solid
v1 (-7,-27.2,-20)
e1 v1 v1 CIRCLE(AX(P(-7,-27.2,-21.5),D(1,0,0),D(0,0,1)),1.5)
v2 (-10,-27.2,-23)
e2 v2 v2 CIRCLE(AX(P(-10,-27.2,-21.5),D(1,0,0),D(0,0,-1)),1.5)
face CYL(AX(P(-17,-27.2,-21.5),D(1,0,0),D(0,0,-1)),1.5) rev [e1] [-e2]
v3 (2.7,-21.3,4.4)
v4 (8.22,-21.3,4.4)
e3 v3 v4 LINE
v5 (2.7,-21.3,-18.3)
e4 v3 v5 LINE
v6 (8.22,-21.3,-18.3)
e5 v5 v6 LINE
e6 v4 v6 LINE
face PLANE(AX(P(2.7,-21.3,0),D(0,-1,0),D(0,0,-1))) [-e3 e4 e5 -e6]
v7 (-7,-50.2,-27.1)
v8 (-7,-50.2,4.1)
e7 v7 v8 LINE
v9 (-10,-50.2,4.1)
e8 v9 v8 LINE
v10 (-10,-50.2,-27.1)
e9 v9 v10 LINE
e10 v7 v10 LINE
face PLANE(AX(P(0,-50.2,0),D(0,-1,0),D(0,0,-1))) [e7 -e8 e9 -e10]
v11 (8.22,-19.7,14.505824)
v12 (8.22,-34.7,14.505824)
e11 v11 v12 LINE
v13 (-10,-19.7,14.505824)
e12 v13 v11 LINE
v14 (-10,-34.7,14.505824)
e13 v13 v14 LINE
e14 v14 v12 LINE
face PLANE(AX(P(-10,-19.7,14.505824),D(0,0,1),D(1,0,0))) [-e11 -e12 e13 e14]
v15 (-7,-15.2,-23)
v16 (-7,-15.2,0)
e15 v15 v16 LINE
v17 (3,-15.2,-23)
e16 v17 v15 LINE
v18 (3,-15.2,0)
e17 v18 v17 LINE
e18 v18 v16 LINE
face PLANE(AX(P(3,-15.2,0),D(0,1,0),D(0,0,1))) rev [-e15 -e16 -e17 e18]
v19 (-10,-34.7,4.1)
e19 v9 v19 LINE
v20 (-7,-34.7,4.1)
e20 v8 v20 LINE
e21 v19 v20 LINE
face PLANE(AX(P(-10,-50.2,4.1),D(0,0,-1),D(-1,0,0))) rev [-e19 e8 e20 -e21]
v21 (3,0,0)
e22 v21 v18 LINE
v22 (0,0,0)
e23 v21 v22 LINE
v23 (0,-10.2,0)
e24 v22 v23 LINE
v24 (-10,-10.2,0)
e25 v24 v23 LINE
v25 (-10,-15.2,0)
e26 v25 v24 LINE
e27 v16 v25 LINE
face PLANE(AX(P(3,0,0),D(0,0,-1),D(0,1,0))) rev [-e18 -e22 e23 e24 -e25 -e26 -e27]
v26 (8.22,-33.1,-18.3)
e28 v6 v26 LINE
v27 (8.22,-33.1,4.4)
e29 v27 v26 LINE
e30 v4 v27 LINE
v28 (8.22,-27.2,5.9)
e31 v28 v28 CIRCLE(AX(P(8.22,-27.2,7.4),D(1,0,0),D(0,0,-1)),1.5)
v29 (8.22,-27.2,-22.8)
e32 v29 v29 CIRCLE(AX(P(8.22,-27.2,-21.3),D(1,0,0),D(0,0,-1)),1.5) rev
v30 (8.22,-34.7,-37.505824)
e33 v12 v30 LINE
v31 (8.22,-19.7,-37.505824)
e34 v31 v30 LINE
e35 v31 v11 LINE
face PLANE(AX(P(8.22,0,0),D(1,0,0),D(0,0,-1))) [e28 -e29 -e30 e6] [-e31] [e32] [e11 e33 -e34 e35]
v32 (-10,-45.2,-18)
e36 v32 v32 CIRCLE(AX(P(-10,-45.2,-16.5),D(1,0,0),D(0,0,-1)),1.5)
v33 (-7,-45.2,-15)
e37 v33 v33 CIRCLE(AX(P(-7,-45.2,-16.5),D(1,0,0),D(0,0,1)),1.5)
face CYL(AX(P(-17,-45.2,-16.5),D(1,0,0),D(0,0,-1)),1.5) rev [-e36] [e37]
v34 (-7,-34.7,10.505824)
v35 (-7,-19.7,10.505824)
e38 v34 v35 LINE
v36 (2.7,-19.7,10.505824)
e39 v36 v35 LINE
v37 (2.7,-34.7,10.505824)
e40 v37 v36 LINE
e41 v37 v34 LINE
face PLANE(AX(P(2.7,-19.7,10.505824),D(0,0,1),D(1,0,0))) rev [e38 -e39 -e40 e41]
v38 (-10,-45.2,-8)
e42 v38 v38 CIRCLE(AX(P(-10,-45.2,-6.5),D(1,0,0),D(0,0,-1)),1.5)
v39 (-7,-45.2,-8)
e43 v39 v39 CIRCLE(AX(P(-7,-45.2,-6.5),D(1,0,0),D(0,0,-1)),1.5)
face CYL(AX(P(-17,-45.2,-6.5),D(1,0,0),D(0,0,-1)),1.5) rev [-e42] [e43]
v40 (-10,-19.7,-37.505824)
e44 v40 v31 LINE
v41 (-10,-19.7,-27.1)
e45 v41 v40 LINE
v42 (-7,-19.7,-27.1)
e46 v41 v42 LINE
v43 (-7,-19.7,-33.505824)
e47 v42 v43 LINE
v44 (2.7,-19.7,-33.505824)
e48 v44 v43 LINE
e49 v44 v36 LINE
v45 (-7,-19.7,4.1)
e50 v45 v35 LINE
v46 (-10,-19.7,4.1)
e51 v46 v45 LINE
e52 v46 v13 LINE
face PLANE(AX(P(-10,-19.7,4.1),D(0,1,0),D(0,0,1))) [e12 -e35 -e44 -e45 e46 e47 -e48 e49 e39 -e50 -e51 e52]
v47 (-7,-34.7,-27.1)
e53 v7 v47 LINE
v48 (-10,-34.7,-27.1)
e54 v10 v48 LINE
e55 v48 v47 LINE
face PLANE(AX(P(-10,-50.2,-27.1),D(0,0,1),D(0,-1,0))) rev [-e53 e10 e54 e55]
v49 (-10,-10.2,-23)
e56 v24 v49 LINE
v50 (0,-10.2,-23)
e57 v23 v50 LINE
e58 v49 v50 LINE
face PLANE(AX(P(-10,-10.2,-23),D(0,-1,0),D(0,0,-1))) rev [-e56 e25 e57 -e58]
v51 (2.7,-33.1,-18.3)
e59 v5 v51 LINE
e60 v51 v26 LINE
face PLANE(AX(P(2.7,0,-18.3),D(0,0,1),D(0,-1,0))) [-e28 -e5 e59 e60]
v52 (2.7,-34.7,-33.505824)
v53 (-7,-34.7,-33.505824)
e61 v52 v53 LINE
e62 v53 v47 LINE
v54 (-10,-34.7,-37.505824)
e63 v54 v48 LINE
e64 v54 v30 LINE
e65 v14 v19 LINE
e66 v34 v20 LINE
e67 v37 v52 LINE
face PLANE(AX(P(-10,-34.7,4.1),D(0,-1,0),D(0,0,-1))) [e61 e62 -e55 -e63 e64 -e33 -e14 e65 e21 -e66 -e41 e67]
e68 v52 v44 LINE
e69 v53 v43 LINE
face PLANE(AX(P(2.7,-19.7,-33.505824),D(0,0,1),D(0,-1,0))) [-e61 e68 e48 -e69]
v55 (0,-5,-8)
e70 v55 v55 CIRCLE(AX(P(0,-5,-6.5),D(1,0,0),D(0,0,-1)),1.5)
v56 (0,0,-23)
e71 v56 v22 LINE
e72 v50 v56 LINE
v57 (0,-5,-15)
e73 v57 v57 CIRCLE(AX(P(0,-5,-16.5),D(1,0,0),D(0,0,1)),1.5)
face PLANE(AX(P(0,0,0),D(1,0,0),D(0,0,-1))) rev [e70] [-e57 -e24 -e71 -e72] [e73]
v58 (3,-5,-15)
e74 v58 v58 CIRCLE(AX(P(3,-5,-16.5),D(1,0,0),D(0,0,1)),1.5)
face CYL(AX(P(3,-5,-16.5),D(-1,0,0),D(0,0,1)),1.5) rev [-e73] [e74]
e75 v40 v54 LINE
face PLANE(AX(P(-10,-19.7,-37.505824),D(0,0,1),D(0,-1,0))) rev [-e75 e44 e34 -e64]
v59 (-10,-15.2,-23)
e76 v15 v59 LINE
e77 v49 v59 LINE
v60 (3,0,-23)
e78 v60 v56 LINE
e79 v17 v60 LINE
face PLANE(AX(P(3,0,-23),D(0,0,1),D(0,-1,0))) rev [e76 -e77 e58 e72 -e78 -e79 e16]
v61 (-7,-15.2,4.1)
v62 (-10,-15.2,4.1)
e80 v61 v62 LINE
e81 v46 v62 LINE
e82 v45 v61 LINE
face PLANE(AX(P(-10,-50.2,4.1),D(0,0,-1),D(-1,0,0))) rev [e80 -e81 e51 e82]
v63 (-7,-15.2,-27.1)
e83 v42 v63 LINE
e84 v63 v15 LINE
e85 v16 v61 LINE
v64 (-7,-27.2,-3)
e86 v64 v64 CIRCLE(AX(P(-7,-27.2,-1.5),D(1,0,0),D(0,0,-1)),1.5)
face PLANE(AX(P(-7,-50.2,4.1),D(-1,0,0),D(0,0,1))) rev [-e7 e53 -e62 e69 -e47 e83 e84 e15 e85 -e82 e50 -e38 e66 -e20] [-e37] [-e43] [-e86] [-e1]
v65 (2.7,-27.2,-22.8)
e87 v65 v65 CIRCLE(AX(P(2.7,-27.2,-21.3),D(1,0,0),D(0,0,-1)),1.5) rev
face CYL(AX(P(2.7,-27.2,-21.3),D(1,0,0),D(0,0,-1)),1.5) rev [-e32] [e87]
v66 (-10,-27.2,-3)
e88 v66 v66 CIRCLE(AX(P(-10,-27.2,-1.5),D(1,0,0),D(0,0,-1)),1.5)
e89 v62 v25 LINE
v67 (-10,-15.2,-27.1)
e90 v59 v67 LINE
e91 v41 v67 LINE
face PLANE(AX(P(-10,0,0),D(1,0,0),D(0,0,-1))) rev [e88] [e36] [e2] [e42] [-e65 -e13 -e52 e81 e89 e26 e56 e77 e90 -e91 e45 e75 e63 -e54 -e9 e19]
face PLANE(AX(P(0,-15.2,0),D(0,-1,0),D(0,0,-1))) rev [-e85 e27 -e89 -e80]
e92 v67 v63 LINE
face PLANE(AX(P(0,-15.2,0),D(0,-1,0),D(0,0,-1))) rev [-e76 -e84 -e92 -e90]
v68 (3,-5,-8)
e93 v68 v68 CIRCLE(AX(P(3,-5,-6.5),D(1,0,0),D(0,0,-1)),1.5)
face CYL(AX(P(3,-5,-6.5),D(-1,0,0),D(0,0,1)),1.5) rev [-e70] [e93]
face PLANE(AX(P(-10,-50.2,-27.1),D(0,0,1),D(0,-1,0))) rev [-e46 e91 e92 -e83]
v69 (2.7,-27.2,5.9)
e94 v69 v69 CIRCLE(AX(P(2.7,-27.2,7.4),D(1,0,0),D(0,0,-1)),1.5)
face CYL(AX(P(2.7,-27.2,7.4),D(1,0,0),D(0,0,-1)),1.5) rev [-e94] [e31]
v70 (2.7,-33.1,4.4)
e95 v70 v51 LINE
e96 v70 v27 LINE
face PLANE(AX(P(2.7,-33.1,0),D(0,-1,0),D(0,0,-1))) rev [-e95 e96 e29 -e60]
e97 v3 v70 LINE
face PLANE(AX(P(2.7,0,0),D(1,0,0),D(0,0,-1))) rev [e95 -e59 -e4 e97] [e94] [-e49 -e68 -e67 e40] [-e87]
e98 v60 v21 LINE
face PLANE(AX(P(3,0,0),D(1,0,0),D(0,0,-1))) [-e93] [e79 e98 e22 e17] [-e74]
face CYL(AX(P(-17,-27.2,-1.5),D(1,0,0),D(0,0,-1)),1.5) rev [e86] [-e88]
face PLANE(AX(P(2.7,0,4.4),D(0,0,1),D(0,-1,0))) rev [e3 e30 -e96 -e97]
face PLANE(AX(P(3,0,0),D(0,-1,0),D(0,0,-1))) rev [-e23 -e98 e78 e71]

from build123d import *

# Parameters (mm, degrees)
ESQUISSE1_W             = 23
ESQUISSE1_H             = 15.2
ESQUISSE1_R             = 1.5
BOSS_EXTRU_1_DEPTH      = 3
ESQUISSE2_W             = 23
ESQUISSE2_H             = 5
BOSS_EXTRU_2_DEPTH      = 10
ESQUISSE4_W             = 3
ESQUISSE4_H             = 31.2
BOSS_EXTRU_3_DEPTH      = 35
CONG_1_R                = 10
ESQUISSE7_W             = 10.405823793
ESQUISSE7_H             = 15
BOSS_EXTRU_4_DEPTH      = 3
ESQUISSE8_W             = 4
ESQUISSE8_H             = 15
BOSS_EXTRU_5_DEPTH      = 9.7
ESQUISSE9_W             = 26.005823793
ESQUISSE9_H             = 15
BOSS_EXTRU_6_DEPTH      = 5.52
ESQUISSE10_R            = 1.5
ENL_V_MAT_EXTRU_2_DEPTH = 5.52
ESQUISSE5_R             = 1.5
ENL_V_MAT_EXTRU_3_DEPTH = 10


with BuildPart() as part:
    # Esquisse1 → Boss.-Extru.1 (new body)
    with BuildSketch(Plane(origin=(0, 0, 0), x_dir=(0, 0, -1), z_dir=(1, 0, 0))):
        with Locations((11.5, -7.6)):
            Rectangle(ESQUISSE1_W, ESQUISSE1_H)
        with Locations((6.5, -5)):
            Circle(ESQUISSE1_R, mode=Mode.SUBTRACT)
        with Locations(Location((16.5, -5, 0), (0, 0, 180))):
            Circle(ESQUISSE1_R, mode=Mode.SUBTRACT)
    extrude(amount=BOSS_EXTRU_1_DEPTH)

    # Esquisse2 → Boss.-Extru.2 (add)
    with BuildSketch(Plane.ZY):
        with Locations((-11.5, -12.7)):
            Rectangle(ESQUISSE2_W, ESQUISSE2_H)
    boss_extru_2 = extrude(amount=BOSS_EXTRU_2_DEPTH)

    # Esquisse4 → Boss.-Extru.3 (add)
    with BuildSketch(Plane.XZ.offset(15.2)):
        with Locations((-8.5, -11.5)):
            Rectangle(ESQUISSE4_W, ESQUISSE4_H)
    boss_extru_3 = extrude(amount=BOSS_EXTRU_3_DEPTH)

    # Congé1
    cong_1_edges = [part.edges().sort_by_distance(p)[0] for p in [
        (-8.5, -50.2, -27.1),
        (-8.5, -50.2, 4.1),
    ]]
    fillet(cong_1_edges, radius=CONG_1_R)

    # Esquisse7 → Boss.-Extru.4 (add, through all)
    with BuildSketch(Plane(origin=(-7, 0, 0), x_dir=(0, 0, -1), z_dir=(1, 0, 0))):
        with Locations((-9.302911897, -27.2)):
            Rectangle(ESQUISSE7_W, ESQUISSE7_H)
    boss_extru_4 = extrude(amount=-BOSS_EXTRU_4_DEPTH)

    # Esquisse8 → Boss.-Extru.5 (add)
    with BuildSketch(Plane(origin=(-7, 0, 0), x_dir=(0, 0, -1), z_dir=(1, 0, 0))):
        with Locations((-12.505823793, -27.2)):
            Rectangle(ESQUISSE8_W, ESQUISSE8_H)
    boss_extru_5 = extrude(amount=BOSS_EXTRU_5_DEPTH)

    # Esquisse9 → Boss.-Extru.6 (add)
    with BuildSketch(Plane(origin=(2.7, 0, 0), x_dir=(0, 0, -1), z_dir=(1, 0, 0))):
        with Locations((-1.502911897, -27.2)):
            Rectangle(ESQUISSE9_W, ESQUISSE9_H)
    boss_extru_6 = extrude(amount=BOSS_EXTRU_6_DEPTH)

    # Symétrie1: Boss.-Extru.2, Boss.-Extru.3, Boss.-Extru.4, Boss.-Extru.5, Boss.-Extru.6 across plane
    add(boss_extru_2.mirror(Plane(origin=(8.22, -19.7, -11.5), x_dir=(1, 0, 0), z_dir=(0, 0, 1))))
    add(boss_extru_3.mirror(Plane(origin=(8.22, -19.7, -11.5), x_dir=(1, 0, 0), z_dir=(0, 0, 1))))
    add(boss_extru_4.mirror(Plane(origin=(8.22, -19.7, -11.5), x_dir=(1, 0, 0), z_dir=(0, 0, 1))))
    add(boss_extru_5.mirror(Plane(origin=(8.22, -19.7, -11.5), x_dir=(1, 0, 0), z_dir=(0, 0, 1))))
    add(boss_extru_6.mirror(Plane(origin=(8.22, -19.7, -11.5), x_dir=(1, 0, 0), z_dir=(0, 0, 1))))

    # Esquisse10 → Enlèv. mat.-Extru.2 (cut)
    with BuildSketch(Plane(origin=(8.22, 0, 0), x_dir=(0, 0, -1), z_dir=(1, 0, 0))):
        with BuildLine():
            ThreePointArc((3, -27.2), (1.5, -25.7), (0, -27.2))
            Line((0, -27.2), (3, -27.2))
        make_face()
        with BuildLine():
            Line((3, -27.2), (0, -27.2))
            ThreePointArc((0, -27.2), (1.5, -28.7), (3, -27.2))
        make_face()
        with BuildLine():
            Line((-4.4, -21.3), (-4.4, -27.2))
            Line((-4.4, -27.2), (0, -27.2))
            ThreePointArc((0, -27.2), (1.5, -25.7), (3, -27.2))
            Line((3, -27.2), (18.3, -27.2))
            Line((18.3, -27.2), (18.3, -21.3))
            Line((18.3, -21.3), (-4.4, -21.3))
        make_face()
        with BuildLine():
            Line((0, -27.2), (-4.4, -27.2))
            Line((-4.4, -27.2), (-4.4, -33.1))
            Line((-4.4, -33.1), (18.3, -33.1))
            Line((18.3, -33.1), (18.3, -27.2))
            Line((18.3, -27.2), (3, -27.2))
            ThreePointArc((3, -27.2), (1.5, -28.7), (0, -27.2))
        make_face()
        with Locations((-7.4, -27.2)):
            Circle(ESQUISSE10_R)
        with Locations((21.3, -27.2)):
            Circle(ESQUISSE10_R)
    extrude(amount=-ENL_V_MAT_EXTRU_2_DEPTH, mode=Mode.SUBTRACT)

    # Esquisse5 → Enlèv. mat.-Extru.3 (cut)
    with BuildSketch(Plane(origin=(-7, 0, 0), x_dir=(0, 0, -1), z_dir=(1, 0, 0))):
        with Locations((6.5, -45.2)):
            Circle(ESQUISSE5_R)
        with Locations((1.5, -27.2)):
            Circle(ESQUISSE5_R)
        with Locations((16.5, -45.2)):
            Circle(ESQUISSE5_R)
        with Locations((21.5, -27.2)):
            Circle(ESQUISSE5_R)
    extrude(amount=-ENL_V_MAT_EXTRU_3_DEPTH, mode=Mode.SUBTRACT)


solid = part.part
